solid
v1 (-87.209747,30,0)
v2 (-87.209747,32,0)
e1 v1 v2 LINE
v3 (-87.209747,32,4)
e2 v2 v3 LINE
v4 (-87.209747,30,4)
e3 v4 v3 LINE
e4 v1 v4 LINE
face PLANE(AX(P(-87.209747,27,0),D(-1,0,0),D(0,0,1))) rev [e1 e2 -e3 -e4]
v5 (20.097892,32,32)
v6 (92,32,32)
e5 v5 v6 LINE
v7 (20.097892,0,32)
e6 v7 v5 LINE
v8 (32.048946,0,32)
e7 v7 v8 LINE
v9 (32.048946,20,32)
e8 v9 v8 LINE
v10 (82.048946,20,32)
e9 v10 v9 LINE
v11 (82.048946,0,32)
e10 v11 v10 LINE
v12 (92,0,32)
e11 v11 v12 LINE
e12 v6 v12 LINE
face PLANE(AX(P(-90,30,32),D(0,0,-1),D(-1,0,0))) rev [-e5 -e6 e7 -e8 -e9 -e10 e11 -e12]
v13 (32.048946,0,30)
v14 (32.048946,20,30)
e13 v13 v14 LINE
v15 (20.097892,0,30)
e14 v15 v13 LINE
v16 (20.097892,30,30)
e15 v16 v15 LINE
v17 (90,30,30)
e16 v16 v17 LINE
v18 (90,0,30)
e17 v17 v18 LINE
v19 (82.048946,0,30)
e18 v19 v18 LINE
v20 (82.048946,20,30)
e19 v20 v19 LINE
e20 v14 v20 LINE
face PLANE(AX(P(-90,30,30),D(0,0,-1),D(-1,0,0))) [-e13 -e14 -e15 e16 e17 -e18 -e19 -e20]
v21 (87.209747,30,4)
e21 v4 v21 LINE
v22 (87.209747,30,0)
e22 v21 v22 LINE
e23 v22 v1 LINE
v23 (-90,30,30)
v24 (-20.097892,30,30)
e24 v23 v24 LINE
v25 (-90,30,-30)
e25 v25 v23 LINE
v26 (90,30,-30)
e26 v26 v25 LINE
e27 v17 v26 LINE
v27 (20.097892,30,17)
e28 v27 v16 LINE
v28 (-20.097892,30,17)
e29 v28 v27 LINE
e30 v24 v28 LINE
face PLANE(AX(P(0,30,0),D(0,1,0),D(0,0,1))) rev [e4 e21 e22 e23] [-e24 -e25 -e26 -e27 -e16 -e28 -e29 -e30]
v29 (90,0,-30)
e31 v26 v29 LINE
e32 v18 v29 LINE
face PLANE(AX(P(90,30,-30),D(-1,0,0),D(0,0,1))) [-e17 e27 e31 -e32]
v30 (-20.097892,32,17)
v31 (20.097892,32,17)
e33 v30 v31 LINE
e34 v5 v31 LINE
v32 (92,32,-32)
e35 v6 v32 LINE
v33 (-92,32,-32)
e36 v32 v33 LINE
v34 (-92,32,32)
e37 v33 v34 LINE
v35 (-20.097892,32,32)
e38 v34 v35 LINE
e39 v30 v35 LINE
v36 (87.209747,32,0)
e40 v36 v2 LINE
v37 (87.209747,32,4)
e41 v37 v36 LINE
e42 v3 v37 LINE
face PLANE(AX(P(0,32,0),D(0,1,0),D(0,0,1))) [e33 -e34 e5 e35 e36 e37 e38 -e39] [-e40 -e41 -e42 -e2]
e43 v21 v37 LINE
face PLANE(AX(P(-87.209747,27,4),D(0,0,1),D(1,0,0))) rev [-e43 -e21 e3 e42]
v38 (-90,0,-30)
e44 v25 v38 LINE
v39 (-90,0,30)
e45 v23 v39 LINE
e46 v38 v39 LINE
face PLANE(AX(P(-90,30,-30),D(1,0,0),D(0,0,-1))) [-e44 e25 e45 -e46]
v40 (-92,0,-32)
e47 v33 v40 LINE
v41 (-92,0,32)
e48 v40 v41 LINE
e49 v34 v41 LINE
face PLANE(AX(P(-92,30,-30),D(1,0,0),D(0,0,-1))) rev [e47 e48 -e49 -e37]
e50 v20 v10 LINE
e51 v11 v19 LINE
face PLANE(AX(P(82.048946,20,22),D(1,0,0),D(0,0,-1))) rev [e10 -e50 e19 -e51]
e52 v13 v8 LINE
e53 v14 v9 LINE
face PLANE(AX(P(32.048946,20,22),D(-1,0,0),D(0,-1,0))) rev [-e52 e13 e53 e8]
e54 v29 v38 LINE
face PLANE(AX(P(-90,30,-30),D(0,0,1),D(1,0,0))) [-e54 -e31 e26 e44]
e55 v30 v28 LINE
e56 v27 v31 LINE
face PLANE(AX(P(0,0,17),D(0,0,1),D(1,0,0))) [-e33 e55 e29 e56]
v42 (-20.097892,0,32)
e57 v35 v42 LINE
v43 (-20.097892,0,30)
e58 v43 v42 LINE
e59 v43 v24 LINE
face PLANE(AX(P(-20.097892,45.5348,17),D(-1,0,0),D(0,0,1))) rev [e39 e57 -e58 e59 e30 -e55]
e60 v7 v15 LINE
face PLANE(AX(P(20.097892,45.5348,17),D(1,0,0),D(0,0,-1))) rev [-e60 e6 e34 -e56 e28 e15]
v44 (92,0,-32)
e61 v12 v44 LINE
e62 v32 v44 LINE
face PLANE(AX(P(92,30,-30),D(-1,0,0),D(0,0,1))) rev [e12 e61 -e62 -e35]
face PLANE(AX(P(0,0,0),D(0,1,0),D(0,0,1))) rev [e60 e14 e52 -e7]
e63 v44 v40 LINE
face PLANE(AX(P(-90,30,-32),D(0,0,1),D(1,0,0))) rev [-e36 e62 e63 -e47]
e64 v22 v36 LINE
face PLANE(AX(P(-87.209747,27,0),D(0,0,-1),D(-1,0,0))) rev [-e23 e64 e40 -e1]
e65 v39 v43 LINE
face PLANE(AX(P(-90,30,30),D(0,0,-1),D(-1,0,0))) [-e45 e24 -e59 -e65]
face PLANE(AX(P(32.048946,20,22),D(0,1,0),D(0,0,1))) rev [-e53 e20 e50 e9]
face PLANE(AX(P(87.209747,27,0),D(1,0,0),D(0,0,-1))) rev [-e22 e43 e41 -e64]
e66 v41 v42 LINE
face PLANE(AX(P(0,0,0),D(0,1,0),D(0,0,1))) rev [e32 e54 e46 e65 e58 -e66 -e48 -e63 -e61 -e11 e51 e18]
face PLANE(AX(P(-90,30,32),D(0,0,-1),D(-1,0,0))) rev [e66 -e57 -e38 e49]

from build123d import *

# Parameters (mm, degrees)
SKETCH1_W                       = 184
SKETCH1_H                       = 64
SKETCH1_W_2                     = 180
SKETCH1_H_2                     = 60
EXTRUDE_THIN1_DEPTH             = 30
SKETCH3_W                       = 184
SKETCH3_H                       = 64
BOSS_EXTRUDE1_DEPTH             = 2
SKETCH4_W                       = 174.419493498
SKETCH4_H                       = 4
CUT_EXTRUDE1_DEPTH              = 5
SKETCH5_W                       = 40.195784268
SKETCH5_H                       = 59.069599678
CUT_EXTRUDE2_DEPTH              = 15
SKETCH6_W                       = 44.195784268
SKETCH6_H                       = 67.776893145
SKETCH6_W_2                     = 40.195784268
SKETCH6_H_2                     = 63.776893145
EXTRUDE_THIN2_DEPTH             = 35
EXTRUDE_THIN2_DIRECTION_2_REACH = 118.55
SKETCH7_W                       = 128.018506196
SKETCH7_H                       = 58.604777903
CUT_EXTRUDE3_DEPTH              = 85
SKETCH8_W                       = 13
SKETCH8_H                       = 30
CUT_EXTRUDE4_DEPTH              = 85
SKETCH9_W                       = 44.195784268
SKETCH9_H                       = 65.776893145
BOSS_EXTRUDE2_DEPTH             = 2
SKETCH13_W                      = 20.06
SKETCH13_H                      = 40.06
CUT_EXTRUDE6_DEPTH              = 10
SKETCH18_R                      = 2.03
CUT_EXTRUDE8_DEPTH              = 10
SKETCH19_W                      = 50
SKETCH19_H                      = 40
CUT_EXTRUDE9_DEPTH              = 10
SKETCH20_R                      = 2.03
CUT_EXTRUDE10_DEPTH             = 10
SKETCH21_W                      = 37
SKETCH21_H                      = 32
CUT_EXTRUDE11_DEPTH             = 217


with BuildPart() as part:
    # Sketch1 → Extrude-Thin1 (new body)
    with BuildSketch(Plane(origin=(0, 0, 0), x_dir=(1, 0, 0), z_dir=(0, 1, 0))):
        Rectangle(SKETCH1_W, SKETCH1_H)
        Rectangle(SKETCH1_W_2, SKETCH1_H_2, mode=Mode.SUBTRACT)
    extrude(amount=EXTRUDE_THIN1_DEPTH)

    # Sketch3 → Boss-Extrude1 (add)
    with BuildSketch(Plane(origin=(0, 30, 0), x_dir=(1, 0, 0), z_dir=(0, 1, 0))):
        Rectangle(SKETCH3_W, SKETCH3_H)
    extrude(amount=BOSS_EXTRUDE1_DEPTH)

    # Sketch4 → Cut-Extrude1 (cut)
    with BuildSketch(Plane(origin=(0, 32, 0), x_dir=(1, 0, 0), z_dir=(0, 1, 0))):
        with Locations((0, -2)):
            Rectangle(SKETCH4_W, SKETCH4_H)
    extrude(amount=-CUT_EXTRUDE1_DEPTH, mode=Mode.SUBTRACT)

    # Sketch5 → Cut-Extrude2 (cut)
    with BuildSketch(Plane.XY.offset(32)):
        with Locations((0, 16)):
            Rectangle(SKETCH5_W, SKETCH5_H)
    extrude(amount=-CUT_EXTRUDE2_DEPTH, mode=Mode.SUBTRACT)

    # Sketch6 → Extrude-Thin2 (add)
    with BuildSketch(Plane.XY.offset(32)):
        with Locations((0, 31.888446573)):
            Rectangle(SKETCH6_W, SKETCH6_H)
        with Locations((0, 31.888446573)):
            Rectangle(SKETCH6_W_2, SKETCH6_H_2, mode=Mode.SUBTRACT)
    extrude(amount=EXTRUDE_THIN2_DEPTH)

    # Extrude-Thin2 direction 2: up to this face of the body (flat: up to its plane)
    extrude_thin2_direction_2_end = Plane(part.part.faces().sort_by_distance((0, 31, 17))[0])
    # Sketch6 → Extrude-Thin2 direction 2 (add, up to the picked face)
    with BuildSketch(Plane.XY.offset(32), mode=Mode.PRIVATE) as extrude_thin2_direction_2_sk1:
        with Locations((0, 31.888446573)):
            Rectangle(SKETCH6_W, SKETCH6_H)
        with Locations((0, 31.888446573)):
            Rectangle(SKETCH6_W_2, SKETCH6_H_2, mode=Mode.SUBTRACT)
    extrude_thin2_direction_2_tool1 = split(extrude(extrude_thin2_direction_2_sk1.sketch, amount=-EXTRUDE_THIN2_DIRECTION_2_REACH, mode=Mode.PRIVATE), bisect_by=extrude_thin2_direction_2_end, keep=Keep.BOTH, mode=Mode.PRIVATE)
    add(extrude_thin2_direction_2_tool1.solids().sort_by(Axis((0, -1.190866, 32), (0, 0, -1)))[0])

    # Sketch7 → Cut-Extrude3 (cut)
    with BuildSketch(Plane.XZ):
        with Locations((2.364457898, 44.353486129)):
            Rectangle(SKETCH7_W, SKETCH7_H)
    extrude(amount=CUT_EXTRUDE3_DEPTH, mode=Mode.SUBTRACT)

    # Sketch8 → Cut-Extrude4 (cut)
    with BuildSketch(Plane.ZY.offset(22.097892134)):
        with Locations((23.5, 15)):
            Rectangle(SKETCH8_W, SKETCH8_H)
    extrude(amount=-CUT_EXTRUDE4_DEPTH, mode=Mode.SUBTRACT)

    # Sketch9 → Boss-Extrude2 (add)
    with BuildSketch(Plane.XY.offset(67)):
        with Locations((0, 32.888446573)):
            Rectangle(SKETCH9_W, SKETCH9_H)
    extrude(amount=BOSS_EXTRUDE2_DEPTH)

    # Sketch13 → Cut-Extrude6 (cut)
    with BuildSketch(Plane.XY.offset(69)):
        with Locations((0, 30.776893145)):
            Rectangle(SKETCH13_W, SKETCH13_H)
    extrude(amount=-CUT_EXTRUDE6_DEPTH, mode=Mode.SUBTRACT)

    # Sketch18 → Cut-Extrude8 (cut)
    with BuildSketch(Plane.XY.offset(69)):
        with Locations((-5, 6.246893145)):
            Circle(SKETCH18_R)
        with Locations((5, 6.246893145)):
            Circle(SKETCH18_R)
    extrude(amount=-CUT_EXTRUDE8_DEPTH, mode=Mode.SUBTRACT)

    # Sketch19 → Cut-Extrude9 (cut)
    with BuildSketch(Plane.XY.offset(32)):
        with Locations((57.048946067, 0)):
            Rectangle(SKETCH19_W, SKETCH19_H)
    extrude(amount=-CUT_EXTRUDE9_DEPTH, mode=Mode.SUBTRACT)

    # Sketch20 → Cut-Extrude10 (cut)
    with BuildSketch(Plane.XY.offset(69)):
        with Locations((-5, 55.306893145)):
            Circle(SKETCH20_R)
        with Locations((5, 55.306893145)):
            Circle(SKETCH20_R)
    extrude(amount=-CUT_EXTRUDE10_DEPTH, mode=Mode.SUBTRACT)

    # Sketch21 → Cut-Extrude11 (cut)
    with BuildSketch(Plane.ZY.offset(22.097892134)):
        Polygon((72.732917278, 32), (69, 32), (69, 0), (32, 0), (32, -6.74330067), (76.348445097, -6.74330067), (76.348445097, 32), align=None)
        with Locations((50.5, 16)):
            Rectangle(SKETCH21_W, SKETCH21_H)
        Polygon((17, 65.776893145), (17, 32), (32, 32), (69, 32), (69, 65.776893145), align=None)
    extrude(amount=-CUT_EXTRUDE11_DEPTH, mode=Mode.SUBTRACT)


solid = part.part
